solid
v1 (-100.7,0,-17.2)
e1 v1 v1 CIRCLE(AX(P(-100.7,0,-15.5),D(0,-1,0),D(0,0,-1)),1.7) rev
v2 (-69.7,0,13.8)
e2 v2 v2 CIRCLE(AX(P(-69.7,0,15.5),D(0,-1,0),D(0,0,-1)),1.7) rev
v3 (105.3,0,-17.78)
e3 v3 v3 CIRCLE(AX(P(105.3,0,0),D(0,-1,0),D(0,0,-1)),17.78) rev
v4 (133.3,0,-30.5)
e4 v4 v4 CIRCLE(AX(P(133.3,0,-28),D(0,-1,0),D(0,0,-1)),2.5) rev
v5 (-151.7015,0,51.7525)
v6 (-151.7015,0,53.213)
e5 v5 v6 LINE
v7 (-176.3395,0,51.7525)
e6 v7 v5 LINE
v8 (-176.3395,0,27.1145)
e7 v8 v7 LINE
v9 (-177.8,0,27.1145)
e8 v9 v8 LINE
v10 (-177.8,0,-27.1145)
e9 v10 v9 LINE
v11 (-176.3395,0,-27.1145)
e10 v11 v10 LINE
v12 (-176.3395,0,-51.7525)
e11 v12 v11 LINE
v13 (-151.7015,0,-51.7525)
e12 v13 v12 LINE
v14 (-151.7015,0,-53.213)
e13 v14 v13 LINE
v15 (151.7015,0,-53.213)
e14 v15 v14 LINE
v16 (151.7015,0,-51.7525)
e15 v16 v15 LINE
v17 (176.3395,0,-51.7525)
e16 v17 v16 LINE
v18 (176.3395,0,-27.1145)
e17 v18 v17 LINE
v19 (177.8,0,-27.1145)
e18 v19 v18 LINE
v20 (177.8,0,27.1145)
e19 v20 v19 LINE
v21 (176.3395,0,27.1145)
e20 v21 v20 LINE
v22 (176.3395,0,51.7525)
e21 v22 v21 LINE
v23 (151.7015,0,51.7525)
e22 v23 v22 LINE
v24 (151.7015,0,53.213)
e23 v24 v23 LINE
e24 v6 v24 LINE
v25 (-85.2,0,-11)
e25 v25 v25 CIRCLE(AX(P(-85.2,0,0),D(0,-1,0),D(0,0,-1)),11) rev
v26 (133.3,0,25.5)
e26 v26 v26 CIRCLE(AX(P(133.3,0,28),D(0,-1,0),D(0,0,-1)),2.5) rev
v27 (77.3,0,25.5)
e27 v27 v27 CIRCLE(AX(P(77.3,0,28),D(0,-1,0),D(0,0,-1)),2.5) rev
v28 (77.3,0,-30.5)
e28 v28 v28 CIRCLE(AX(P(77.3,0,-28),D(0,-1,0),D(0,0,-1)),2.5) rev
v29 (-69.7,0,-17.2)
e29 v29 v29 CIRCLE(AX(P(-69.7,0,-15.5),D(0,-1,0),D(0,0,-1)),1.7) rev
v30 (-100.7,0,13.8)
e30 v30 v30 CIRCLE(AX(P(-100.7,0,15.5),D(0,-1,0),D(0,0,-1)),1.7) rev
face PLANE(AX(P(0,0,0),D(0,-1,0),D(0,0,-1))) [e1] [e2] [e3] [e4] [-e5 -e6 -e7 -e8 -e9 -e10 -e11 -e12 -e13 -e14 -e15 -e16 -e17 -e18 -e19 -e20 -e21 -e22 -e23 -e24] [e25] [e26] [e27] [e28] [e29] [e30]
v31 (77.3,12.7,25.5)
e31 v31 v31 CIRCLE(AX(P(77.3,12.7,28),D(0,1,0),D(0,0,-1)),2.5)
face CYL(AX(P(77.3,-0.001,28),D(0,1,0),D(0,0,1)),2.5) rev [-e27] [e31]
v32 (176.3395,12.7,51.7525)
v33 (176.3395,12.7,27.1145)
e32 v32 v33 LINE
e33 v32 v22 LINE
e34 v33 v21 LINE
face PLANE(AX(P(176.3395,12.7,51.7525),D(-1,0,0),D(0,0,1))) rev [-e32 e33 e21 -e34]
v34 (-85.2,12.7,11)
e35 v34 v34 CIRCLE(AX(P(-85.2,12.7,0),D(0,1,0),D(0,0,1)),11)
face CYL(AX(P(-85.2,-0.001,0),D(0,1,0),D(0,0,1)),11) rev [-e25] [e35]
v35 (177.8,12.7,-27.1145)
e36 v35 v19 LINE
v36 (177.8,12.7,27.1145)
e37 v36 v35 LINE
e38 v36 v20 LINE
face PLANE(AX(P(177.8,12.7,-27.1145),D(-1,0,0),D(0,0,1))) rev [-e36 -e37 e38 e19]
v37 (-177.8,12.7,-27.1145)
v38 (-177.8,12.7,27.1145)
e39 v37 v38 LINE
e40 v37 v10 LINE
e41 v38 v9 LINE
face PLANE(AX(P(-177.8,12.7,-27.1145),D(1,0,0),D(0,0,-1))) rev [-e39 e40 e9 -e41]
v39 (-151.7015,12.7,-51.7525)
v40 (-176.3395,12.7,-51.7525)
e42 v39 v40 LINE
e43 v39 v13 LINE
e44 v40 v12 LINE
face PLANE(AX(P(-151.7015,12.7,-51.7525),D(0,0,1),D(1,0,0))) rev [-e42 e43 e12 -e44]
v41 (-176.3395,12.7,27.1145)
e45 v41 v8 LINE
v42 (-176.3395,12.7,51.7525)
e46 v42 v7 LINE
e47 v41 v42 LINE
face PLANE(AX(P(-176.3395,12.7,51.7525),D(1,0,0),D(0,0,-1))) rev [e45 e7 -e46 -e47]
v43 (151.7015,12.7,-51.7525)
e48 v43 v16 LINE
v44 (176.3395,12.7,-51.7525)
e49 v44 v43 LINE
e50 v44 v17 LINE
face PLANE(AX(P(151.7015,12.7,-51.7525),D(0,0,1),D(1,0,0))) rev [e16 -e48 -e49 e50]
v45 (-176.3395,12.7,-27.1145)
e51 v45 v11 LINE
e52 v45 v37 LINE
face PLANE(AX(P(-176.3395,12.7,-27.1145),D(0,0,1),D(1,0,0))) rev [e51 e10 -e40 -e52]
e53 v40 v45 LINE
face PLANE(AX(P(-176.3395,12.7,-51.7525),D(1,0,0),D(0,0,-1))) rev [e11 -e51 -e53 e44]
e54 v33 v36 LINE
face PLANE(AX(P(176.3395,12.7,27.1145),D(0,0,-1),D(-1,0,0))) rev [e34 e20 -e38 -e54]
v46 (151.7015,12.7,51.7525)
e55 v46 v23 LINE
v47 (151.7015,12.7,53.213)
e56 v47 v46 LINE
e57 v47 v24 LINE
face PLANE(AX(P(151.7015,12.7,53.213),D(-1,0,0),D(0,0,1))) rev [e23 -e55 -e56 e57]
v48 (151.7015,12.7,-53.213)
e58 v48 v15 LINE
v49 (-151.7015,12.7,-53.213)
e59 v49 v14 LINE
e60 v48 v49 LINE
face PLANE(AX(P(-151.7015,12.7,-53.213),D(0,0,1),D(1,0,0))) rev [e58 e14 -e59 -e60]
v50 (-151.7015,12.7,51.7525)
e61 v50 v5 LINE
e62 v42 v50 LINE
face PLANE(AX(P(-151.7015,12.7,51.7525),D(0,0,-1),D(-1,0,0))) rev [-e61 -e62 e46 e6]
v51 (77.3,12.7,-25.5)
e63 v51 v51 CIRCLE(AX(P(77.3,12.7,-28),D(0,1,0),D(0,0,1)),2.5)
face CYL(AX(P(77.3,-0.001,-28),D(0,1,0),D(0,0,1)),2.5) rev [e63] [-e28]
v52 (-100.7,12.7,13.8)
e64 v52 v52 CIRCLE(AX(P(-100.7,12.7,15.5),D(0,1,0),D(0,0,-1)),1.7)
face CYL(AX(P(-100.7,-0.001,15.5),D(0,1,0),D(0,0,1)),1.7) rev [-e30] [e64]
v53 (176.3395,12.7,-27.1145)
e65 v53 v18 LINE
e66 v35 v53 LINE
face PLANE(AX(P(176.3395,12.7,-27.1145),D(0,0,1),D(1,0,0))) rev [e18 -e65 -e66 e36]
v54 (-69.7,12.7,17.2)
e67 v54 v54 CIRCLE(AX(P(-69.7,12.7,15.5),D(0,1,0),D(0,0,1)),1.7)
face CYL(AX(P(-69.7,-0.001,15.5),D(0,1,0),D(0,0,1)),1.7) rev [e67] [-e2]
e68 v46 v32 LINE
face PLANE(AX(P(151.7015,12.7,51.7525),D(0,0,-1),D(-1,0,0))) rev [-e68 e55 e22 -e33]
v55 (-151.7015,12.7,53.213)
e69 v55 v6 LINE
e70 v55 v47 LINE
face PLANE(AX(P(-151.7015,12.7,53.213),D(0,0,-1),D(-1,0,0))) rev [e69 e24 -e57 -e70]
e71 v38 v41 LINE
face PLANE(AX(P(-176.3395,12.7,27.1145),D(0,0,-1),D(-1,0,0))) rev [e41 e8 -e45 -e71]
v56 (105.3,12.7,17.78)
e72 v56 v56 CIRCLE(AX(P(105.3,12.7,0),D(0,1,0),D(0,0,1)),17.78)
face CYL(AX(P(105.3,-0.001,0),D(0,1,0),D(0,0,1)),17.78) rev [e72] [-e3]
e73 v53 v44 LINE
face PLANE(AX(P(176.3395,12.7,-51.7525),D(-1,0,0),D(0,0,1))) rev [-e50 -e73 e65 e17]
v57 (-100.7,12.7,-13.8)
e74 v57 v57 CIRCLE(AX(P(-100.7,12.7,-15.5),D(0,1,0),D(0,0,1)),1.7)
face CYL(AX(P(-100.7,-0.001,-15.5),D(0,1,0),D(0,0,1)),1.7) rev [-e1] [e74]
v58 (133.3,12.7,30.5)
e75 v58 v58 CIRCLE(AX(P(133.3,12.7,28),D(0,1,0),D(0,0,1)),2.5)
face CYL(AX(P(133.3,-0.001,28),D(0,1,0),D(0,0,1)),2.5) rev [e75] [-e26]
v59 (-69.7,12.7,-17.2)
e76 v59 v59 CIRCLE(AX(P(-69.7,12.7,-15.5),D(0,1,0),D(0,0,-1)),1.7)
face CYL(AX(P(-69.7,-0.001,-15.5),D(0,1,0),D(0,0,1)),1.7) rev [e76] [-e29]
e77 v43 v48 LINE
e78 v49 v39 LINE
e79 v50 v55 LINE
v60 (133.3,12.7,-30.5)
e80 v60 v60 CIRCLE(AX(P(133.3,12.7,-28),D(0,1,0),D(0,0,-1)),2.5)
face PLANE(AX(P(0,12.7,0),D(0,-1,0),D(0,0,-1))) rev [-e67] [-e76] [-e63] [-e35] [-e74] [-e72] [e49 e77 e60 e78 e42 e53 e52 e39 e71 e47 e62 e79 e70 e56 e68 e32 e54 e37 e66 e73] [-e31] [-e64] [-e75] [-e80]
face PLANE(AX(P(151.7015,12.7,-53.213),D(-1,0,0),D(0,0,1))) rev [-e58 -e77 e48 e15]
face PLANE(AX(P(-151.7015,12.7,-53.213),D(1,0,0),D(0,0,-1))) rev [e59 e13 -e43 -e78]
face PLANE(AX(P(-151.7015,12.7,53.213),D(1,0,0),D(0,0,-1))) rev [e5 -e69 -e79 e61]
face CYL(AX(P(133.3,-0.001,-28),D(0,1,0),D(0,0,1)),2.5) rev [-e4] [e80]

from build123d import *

# Parameters (mm, degrees)
BOSS_EXTRUDE1_DEPTH = 12.7
CUT_EXTRUDE1_REACH  = 188.026
SKETCH2_R           = 2.5
SKETCH2_R_2         = 17.78
SKETCH2_R_3         = 11
SKETCH2_R_4         = 1.7


with BuildPart() as part:
    # Sketch1 → Boss-Extrude1 (new body)
    with BuildSketch(Plane(origin=(0, 0, 0), x_dir=(1, 0, 0), z_dir=(0, 1, 0))):
        Polygon((151.7015, 53.213), (151.7015, 51.7525), (176.3395, 51.7525), (176.3395, 27.1145), (177.8, 27.1145), (177.8, -27.1145), (176.3395, -27.1145), (176.3395, -51.7525), (151.7015, -51.7525), (151.7015, -53.213), (-151.7015, -53.213), (-151.7015, -51.7525), (-176.3395, -51.7525), (-176.3395, -27.1145), (-177.8, -27.1145), (-177.8, 27.1145), (-176.3395, 27.1145), (-176.3395, 51.7525), (-151.7015, 51.7525), (-151.7015, 53.213), align=None)
    extrude(amount=BOSS_EXTRUDE1_DEPTH)

    # Sketch2 → Cut-Extrude1 (cut, up to next)
    with BuildSketch(Plane(origin=(0, 12.7, 0), x_dir=(1, 0, 0), z_dir=(0, 1, 0)), mode=Mode.PRIVATE) as cut_extrude1_sk1:
        with Locations(Location((133.3, -28, 0), (0, 0, 270))):
            Circle(SKETCH2_R)
    cut_extrude1_tool1 = extrude(cut_extrude1_sk1.sketch, amount=-CUT_EXTRUDE1_REACH, mode=Mode.PRIVATE) & part.part
    # Sketch2 → Cut-Extrude1 (cut, up to next)
    with BuildSketch(Plane(origin=(0, 12.7, 0), x_dir=(1, 0, 0), z_dir=(0, 1, 0)), mode=Mode.PRIVATE) as cut_extrude1_sk2:
        with Locations(Location((77.3, -28, 0), (0, 0, 90))):
            Circle(SKETCH2_R)
    cut_extrude1_tool2 = extrude(cut_extrude1_sk2.sketch, amount=-CUT_EXTRUDE1_REACH, mode=Mode.PRIVATE) & part.part
    # Sketch2 → Cut-Extrude1 (cut, up to next)
    with BuildSketch(Plane(origin=(0, 12.7, 0), x_dir=(1, 0, 0), z_dir=(0, 1, 0)), mode=Mode.PRIVATE) as cut_extrude1_sk3:
        with Locations(Location((133.3, 28, 0), (0, 0, 90))):
            Circle(SKETCH2_R)
    cut_extrude1_tool3 = extrude(cut_extrude1_sk3.sketch, amount=-CUT_EXTRUDE1_REACH, mode=Mode.PRIVATE) & part.part
    # Sketch2 → Cut-Extrude1 (cut, up to next)
    with BuildSketch(Plane(origin=(0, 12.7, 0), x_dir=(1, 0, 0), z_dir=(0, 1, 0)), mode=Mode.PRIVATE) as cut_extrude1_sk4:
        with Locations(Location((77.3, 28, 0), (0, 0, 270))):
            Circle(SKETCH2_R)
    cut_extrude1_tool4 = extrude(cut_extrude1_sk4.sketch, amount=-CUT_EXTRUDE1_REACH, mode=Mode.PRIVATE) & part.part
    # Sketch2 → Cut-Extrude1 (cut, up to next)
    with BuildSketch(Plane(origin=(0, 12.7, 0), x_dir=(1, 0, 0), z_dir=(0, 1, 0)), mode=Mode.PRIVATE) as cut_extrude1_sk5:
        with Locations(Location((105.3, 0, 0), (0, 0, 270))):
            Circle(SKETCH2_R_2)
    cut_extrude1_tool5 = extrude(cut_extrude1_sk5.sketch, amount=-CUT_EXTRUDE1_REACH, mode=Mode.PRIVATE) & part.part
    # Sketch2 → Cut-Extrude1 (cut, up to next)
    with BuildSketch(Plane(origin=(0, 12.7, 0), x_dir=(1, 0, 0), z_dir=(0, 1, 0)), mode=Mode.PRIVATE) as cut_extrude1_sk6:
        with Locations(Location((-85.2, 0, 0), (0, 0, 270))):
            Circle(SKETCH2_R_3)
    cut_extrude1_tool6 = extrude(cut_extrude1_sk6.sketch, amount=-CUT_EXTRUDE1_REACH, mode=Mode.PRIVATE) & part.part
    # Sketch2 → Cut-Extrude1 (cut, up to next)
    with BuildSketch(Plane(origin=(0, 12.7, 0), x_dir=(1, 0, 0), z_dir=(0, 1, 0)), mode=Mode.PRIVATE) as cut_extrude1_sk7:
        with Locations(Location((-100.7, 15.5, 0), (0, 0, 270))):
            Circle(SKETCH2_R_4)
    cut_extrude1_tool7 = extrude(cut_extrude1_sk7.sketch, amount=-CUT_EXTRUDE1_REACH, mode=Mode.PRIVATE) & part.part
    # Sketch2 → Cut-Extrude1 (cut, up to next)
    with BuildSketch(Plane(origin=(0, 12.7, 0), x_dir=(1, 0, 0), z_dir=(0, 1, 0)), mode=Mode.PRIVATE) as cut_extrude1_sk8:
        with Locations(Location((-69.7, 15.5, 0), (0, 0, 90))):
            Circle(SKETCH2_R_4)
    cut_extrude1_tool8 = extrude(cut_extrude1_sk8.sketch, amount=-CUT_EXTRUDE1_REACH, mode=Mode.PRIVATE) & part.part
    # Sketch2 → Cut-Extrude1 (cut, up to next)
    with BuildSketch(Plane(origin=(0, 12.7, 0), x_dir=(1, 0, 0), z_dir=(0, 1, 0)), mode=Mode.PRIVATE) as cut_extrude1_sk9:
        with Locations(Location((-69.7, -15.5, 0), (0, 0, 270))):
            Circle(SKETCH2_R_4)
    cut_extrude1_tool9 = extrude(cut_extrude1_sk9.sketch, amount=-CUT_EXTRUDE1_REACH, mode=Mode.PRIVATE) & part.part
    # Sketch2 → Cut-Extrude1 (cut, up to next)
    with BuildSketch(Plane(origin=(0, 12.7, 0), x_dir=(1, 0, 0), z_dir=(0, 1, 0)), mode=Mode.PRIVATE) as cut_extrude1_sk10:
        with Locations(Location((-100.7, -15.5, 0), (0, 0, 90))):
            Circle(SKETCH2_R_4)
    cut_extrude1_tool10 = extrude(cut_extrude1_sk10.sketch, amount=-CUT_EXTRUDE1_REACH, mode=Mode.PRIVATE) & part.part
    add(cut_extrude1_tool1.solids().sort_by_distance((133.3, 12.7, 28))[0], mode=Mode.SUBTRACT)
    add(cut_extrude1_tool2.solids().sort_by_distance((77.3, 12.7, 28))[0], mode=Mode.SUBTRACT)
    add(cut_extrude1_tool3.solids().sort_by_distance((133.3, 12.7, -28))[0], mode=Mode.SUBTRACT)
    add(cut_extrude1_tool4.solids().sort_by_distance((77.3, 12.7, -28))[0], mode=Mode.SUBTRACT)
    add(cut_extrude1_tool5.solids().sort_by_distance((105.3, 12.7, 0))[0], mode=Mode.SUBTRACT)
    add(cut_extrude1_tool6.solids().sort_by_distance((-85.2, 12.7, 0))[0], mode=Mode.SUBTRACT)
    add(cut_extrude1_tool7.solids().sort_by_distance((-100.7, 12.7, -15.5))[0], mode=Mode.SUBTRACT)
    add(cut_extrude1_tool8.solids().sort_by_distance((-69.7, 12.7, -15.5))[0], mode=Mode.SUBTRACT)
    add(cut_extrude1_tool9.solids().sort_by_distance((-69.7, 12.7, 15.5))[0], mode=Mode.SUBTRACT)
    add(cut_extrude1_tool10.solids().sort_by_distance((-100.7, 12.7, 15.5))[0], mode=Mode.SUBTRACT)


solid = part.part
